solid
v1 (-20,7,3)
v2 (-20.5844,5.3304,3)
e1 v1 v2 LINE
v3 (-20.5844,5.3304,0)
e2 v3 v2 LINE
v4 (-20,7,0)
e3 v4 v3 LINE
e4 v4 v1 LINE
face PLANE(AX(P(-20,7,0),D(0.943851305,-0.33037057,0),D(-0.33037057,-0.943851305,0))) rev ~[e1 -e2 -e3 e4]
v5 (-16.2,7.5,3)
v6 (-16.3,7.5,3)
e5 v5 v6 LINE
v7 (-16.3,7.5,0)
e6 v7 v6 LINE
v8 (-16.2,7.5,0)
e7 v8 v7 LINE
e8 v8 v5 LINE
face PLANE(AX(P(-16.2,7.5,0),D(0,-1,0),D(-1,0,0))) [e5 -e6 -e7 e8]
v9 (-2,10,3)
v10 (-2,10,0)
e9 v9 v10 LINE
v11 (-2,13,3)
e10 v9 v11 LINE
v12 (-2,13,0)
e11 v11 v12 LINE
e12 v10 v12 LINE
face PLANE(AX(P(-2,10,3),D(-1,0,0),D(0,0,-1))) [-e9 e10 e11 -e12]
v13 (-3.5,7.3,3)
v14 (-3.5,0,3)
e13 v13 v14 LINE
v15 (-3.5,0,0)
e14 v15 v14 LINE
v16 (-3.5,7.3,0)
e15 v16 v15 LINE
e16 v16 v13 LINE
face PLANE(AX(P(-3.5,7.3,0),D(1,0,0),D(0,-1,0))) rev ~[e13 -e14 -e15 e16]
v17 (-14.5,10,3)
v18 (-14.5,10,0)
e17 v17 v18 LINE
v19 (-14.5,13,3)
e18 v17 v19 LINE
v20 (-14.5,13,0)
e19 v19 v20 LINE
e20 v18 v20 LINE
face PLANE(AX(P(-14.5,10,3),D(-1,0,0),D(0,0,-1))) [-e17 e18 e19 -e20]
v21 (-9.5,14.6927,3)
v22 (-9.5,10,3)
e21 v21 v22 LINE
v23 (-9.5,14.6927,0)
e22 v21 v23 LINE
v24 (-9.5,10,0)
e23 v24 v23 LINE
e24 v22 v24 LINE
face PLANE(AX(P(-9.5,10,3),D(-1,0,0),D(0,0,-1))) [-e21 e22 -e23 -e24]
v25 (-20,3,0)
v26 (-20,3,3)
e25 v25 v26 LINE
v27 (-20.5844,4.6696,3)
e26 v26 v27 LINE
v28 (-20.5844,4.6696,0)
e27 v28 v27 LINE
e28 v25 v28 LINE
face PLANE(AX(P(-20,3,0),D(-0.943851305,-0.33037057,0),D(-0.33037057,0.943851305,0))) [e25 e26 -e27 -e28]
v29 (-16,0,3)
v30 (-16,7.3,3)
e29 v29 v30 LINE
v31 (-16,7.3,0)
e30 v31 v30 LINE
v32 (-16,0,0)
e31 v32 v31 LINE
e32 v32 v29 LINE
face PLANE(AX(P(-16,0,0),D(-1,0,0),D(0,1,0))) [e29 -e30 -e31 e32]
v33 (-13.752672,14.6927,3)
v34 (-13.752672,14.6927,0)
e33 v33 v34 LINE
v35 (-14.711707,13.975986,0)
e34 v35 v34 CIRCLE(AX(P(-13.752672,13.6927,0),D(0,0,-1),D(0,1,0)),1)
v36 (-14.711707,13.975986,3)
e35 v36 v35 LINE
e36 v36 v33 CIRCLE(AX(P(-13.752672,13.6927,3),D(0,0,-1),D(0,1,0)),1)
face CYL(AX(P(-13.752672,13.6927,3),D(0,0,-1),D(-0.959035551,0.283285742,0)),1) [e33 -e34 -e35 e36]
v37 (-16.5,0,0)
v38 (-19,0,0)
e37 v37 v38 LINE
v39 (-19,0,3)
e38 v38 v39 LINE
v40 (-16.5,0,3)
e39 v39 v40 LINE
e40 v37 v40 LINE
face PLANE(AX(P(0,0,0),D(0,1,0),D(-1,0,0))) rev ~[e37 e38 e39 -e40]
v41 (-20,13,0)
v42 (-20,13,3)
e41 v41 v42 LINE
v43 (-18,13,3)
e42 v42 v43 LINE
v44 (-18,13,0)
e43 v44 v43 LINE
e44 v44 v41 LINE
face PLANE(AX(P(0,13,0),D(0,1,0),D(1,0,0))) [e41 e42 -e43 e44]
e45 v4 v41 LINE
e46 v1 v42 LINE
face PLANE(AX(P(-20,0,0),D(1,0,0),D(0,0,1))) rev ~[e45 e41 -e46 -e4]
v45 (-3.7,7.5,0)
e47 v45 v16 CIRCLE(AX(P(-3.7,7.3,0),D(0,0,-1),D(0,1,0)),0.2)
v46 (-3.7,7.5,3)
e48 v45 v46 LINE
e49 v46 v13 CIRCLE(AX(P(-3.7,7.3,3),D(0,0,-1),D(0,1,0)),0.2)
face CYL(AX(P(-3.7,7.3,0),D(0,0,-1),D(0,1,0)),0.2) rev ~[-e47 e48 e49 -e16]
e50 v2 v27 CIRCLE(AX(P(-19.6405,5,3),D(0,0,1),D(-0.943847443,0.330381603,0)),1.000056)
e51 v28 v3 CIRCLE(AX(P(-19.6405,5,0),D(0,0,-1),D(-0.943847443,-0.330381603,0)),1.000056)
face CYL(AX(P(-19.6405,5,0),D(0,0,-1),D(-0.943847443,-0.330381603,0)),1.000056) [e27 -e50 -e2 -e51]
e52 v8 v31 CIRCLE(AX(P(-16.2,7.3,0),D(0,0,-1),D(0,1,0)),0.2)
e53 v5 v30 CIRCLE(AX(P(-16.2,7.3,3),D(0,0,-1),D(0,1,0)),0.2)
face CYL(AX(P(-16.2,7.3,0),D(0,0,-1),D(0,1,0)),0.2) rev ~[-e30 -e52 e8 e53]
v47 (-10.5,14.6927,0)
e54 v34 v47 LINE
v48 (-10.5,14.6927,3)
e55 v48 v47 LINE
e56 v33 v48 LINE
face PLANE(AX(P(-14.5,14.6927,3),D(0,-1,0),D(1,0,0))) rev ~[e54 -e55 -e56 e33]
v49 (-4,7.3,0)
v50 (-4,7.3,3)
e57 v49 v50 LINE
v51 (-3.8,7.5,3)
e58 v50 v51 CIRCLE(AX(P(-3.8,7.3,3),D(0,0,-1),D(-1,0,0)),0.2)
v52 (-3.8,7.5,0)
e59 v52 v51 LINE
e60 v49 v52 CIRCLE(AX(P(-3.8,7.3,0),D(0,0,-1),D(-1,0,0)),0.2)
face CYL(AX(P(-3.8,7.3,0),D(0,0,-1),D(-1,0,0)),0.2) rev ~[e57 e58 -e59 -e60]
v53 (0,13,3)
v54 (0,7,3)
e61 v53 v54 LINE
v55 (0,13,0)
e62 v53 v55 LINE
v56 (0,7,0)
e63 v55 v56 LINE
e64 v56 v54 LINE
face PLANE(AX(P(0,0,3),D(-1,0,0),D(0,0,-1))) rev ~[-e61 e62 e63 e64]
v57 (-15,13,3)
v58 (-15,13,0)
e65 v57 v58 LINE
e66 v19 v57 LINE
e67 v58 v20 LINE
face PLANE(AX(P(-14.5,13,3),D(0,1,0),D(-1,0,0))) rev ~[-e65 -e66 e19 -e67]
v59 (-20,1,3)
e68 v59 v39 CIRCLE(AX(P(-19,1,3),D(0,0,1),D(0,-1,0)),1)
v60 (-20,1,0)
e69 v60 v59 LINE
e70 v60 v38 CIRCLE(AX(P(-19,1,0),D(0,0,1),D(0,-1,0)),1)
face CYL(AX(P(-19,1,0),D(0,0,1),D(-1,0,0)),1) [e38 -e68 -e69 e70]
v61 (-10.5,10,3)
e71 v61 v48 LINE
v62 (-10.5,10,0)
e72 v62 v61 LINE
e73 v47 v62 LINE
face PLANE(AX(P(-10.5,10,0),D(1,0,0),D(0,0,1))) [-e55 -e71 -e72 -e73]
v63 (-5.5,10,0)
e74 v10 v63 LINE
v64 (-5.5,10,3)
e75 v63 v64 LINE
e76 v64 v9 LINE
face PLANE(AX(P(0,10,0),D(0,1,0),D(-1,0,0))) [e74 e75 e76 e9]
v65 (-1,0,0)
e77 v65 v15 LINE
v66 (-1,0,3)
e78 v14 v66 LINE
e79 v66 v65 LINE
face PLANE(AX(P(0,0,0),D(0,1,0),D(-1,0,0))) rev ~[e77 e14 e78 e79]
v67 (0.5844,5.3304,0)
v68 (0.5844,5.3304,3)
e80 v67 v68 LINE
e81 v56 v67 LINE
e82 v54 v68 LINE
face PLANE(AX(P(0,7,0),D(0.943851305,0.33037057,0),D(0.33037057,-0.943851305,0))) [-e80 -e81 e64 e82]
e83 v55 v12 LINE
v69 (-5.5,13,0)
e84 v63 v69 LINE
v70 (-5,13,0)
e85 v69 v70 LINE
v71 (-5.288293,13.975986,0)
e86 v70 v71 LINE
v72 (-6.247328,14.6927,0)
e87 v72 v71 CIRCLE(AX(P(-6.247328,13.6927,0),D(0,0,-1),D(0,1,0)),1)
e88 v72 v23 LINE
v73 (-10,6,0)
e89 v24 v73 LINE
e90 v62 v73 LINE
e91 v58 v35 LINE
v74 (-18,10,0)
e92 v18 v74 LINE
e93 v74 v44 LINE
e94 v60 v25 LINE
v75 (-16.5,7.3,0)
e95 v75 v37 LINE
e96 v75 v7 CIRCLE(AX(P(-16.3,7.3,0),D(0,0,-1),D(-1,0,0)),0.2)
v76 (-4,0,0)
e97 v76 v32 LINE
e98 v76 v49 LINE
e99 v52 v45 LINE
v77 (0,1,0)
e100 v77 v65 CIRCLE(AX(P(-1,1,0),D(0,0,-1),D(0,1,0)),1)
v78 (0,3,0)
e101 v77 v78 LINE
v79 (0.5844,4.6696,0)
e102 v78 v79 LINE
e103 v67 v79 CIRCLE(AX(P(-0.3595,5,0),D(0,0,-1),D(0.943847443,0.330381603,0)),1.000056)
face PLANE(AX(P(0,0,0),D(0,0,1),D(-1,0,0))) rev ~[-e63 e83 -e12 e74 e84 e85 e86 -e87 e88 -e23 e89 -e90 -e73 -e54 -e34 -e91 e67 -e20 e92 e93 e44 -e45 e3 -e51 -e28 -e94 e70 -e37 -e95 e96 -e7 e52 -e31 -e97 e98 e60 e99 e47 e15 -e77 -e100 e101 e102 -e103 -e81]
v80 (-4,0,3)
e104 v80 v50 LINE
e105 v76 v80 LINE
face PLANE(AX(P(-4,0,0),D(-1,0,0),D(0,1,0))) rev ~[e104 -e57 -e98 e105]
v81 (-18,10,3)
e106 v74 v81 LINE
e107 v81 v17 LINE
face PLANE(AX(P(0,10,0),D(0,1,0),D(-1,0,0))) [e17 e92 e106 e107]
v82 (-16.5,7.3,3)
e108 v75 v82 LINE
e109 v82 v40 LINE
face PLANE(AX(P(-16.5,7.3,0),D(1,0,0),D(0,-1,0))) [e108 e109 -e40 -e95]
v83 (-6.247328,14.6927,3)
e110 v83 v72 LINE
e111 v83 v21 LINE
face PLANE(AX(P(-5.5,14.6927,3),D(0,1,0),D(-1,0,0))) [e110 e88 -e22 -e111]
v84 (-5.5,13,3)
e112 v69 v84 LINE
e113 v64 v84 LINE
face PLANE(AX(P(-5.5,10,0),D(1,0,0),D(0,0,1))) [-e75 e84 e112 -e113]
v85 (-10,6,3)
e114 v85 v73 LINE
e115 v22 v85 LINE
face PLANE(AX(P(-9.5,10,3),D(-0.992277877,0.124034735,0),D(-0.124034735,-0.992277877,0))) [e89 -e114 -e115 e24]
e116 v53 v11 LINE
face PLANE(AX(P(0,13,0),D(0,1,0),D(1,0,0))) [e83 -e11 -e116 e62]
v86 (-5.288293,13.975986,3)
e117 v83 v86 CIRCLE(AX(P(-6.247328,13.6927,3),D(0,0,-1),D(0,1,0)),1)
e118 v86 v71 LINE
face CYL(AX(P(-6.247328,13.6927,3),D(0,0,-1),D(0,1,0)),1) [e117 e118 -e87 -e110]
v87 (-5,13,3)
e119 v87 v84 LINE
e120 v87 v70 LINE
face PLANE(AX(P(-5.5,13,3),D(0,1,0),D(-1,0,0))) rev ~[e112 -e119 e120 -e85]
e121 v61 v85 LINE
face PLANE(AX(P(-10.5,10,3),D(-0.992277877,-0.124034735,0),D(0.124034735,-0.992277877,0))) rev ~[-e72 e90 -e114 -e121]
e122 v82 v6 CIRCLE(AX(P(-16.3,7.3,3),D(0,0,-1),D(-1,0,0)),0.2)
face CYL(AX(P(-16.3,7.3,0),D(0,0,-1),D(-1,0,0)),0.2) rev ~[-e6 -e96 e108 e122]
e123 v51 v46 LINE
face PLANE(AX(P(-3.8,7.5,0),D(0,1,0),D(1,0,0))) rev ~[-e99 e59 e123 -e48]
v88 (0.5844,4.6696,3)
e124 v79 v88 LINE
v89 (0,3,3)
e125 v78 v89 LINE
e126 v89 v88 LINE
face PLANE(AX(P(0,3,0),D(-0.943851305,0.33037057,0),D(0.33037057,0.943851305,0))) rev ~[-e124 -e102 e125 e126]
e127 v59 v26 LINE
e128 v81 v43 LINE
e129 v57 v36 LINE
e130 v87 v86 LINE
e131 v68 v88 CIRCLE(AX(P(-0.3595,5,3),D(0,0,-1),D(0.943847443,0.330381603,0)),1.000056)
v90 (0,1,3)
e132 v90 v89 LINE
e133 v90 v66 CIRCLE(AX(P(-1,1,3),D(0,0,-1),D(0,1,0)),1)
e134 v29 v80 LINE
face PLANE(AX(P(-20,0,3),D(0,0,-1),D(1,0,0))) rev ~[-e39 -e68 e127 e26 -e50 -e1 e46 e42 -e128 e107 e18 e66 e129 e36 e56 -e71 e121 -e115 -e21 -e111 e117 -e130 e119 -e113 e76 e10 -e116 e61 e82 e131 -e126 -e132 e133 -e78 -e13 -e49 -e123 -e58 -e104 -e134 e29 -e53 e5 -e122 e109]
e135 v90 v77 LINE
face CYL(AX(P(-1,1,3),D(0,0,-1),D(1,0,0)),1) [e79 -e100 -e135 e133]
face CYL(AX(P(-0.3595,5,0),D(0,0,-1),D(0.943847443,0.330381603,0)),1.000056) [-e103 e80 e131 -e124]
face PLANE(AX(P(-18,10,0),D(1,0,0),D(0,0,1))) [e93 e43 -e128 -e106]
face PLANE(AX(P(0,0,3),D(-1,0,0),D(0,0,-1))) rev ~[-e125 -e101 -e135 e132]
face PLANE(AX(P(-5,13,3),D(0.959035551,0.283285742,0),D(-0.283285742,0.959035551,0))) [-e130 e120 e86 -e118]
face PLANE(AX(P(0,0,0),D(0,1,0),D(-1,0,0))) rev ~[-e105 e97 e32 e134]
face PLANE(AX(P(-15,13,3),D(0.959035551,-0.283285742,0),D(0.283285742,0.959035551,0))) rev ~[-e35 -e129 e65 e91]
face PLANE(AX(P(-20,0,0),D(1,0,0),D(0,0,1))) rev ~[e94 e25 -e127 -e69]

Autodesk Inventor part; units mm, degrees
ref_plane "YZ Plane" through (0, 0, 0) normal (1, 0, 0) x (0, 1, 0)
ref_plane "XZ Plane" through (0, 0, 0) normal (0, 1, 0) x (-1, 0, 0)
ref_plane "XY Plane" through (0, 0, 0) normal (0, 0, 1) x (1, 0, 0)
sketch "Sketch1" plane through (0, 0, 0) normal (0, 1, 0) x (-1, 0, 0)
  line L0 (0, 0) -> (20, 0)
  line L1 (20, 0) -> (20, 3)
  line L2 (20, 3) -> (0, 3)
  line L3 (0, 3) -> (0, 0)
  dimension "d0" = 20
  dimension "d1" = 3
extrude "Extrusion1" add sketch "Sketch1" along normal blind 10
sketch "Sketch2" plane through (0, 10, 0) normal (0, 1, 0) x (1, 0, 0)
  line L0 (-20, 0) -> (-20, -3) projected
  line L1 (0, 0) -> (-20, 0) projected
  line L2 (-20, -3) -> (0, -3) projected
  line L3 (0, -3) -> (0, 0) projected
  line L4 (-14.5, 0) -> (-10.5, 0)
  line L5 (-10.5, 0) -> (-10.5, -3)
  line L6 (-10.5, -3) -> (-14.5, -3)
  line L7 (-14.5, -3) -> (-14.5, 0)
  line L8 (-9.5, 0) -> (-5.5, 0)
  line L9 (-5.5, 0) -> (-5.5, -3)
  line L10 (-5.5, -3) -> (-9.5, -3)
  line L11 (-9.5, -3) -> (-9.5, 0)
  line L12 (-10, 1.8071) -> (-10, -4.5751) construction
  dimension "d26" = 20
  dimension "d27" = 4
  dimension "d28" = 4
  dimension "d45" = 1
  dimension "d46" = 10
  dimension "d47" = 0.5
extrude "Extrusion2" add sketch "Sketch2" along normal blind 3 contours L1 L5 L2 L7 | L1 L9 L2 L11
sketch "Sketch5" plane through (0, 0, 0) normal (0, 0, -1) x (-1, 0, 0)
  line L0 (0, 0) -> (20, 0) projected
  line L1 (9.5, 10) -> (10.5, 10) projected
  line L2 (16.2, 7.5) -> (16.3, 7.5)
  line L3 (16.5, 7.3) -> (16.5, 0)
  line L4 (16.5, 0) -> (16, 0)
  line L5 (16, 0) -> (16, 7.3)
  line L6 (10, 10) -> (10, 0) construction
  arc A0 (16.2, 7.5) -> (16, 7.3) centre (16.2, 7.3) ccw
  arc A1 (16.5, 7.3) -> (16.3, 7.5) centre (16.3, 7.3) ccw
  line L7 (3.8, 7.5) -> (3.7, 7.5)
  line L8 (3.5, 7.3) -> (3.5, 0)
  line L9 (3.5, 0) -> (4, 0)
  line L10 (4, 0) -> (4, 7.3)
  arc A2 (4, 7.3) -> (3.8, 7.5) centre (3.8, 7.3) ccw
  arc A3 (3.7, 7.5) -> (3.5, 7.3) centre (3.7, 7.3) ccw
  point P0 (16.5, 7.5)
  point P1 (3.5, 7.5)
  dimension "d61" = 0.5
  dimension "d62" = 7.5
  dimension "d63" = 6
  dimension "d64" = 0.2
extrude "Extrusion5" cut sketch "Sketch5" against normal blind 3
sketch "Sketch6" plane through (-20, 0, 0) normal (0, 0, -1) x (-1, 0, 0)
  line L0 (0, 0) -> (0, 10) projected
  line L1 (-5.5, 10) -> (0, 10) projected
  line L2 (-10.5, 10) -> (-9.5, 10) projected
  line L3 (-2.75, 10) -> (-2.75, 5) construction
  line L4 (-2.75, 5) -> (0, 5) construction
  line L5 (0, 5) -> (0.7, 5)
  line L6 (0, 5) -> (0, 7)
  line L7 (0, 7) -> (0.5844, 5.3304)
  line L8 (0, 5) -> (0, 3)
  line L9 (0, 3) -> (0.5844, 4.6696)
  arc A0 (0.5844, 4.6696) -> (0.5844, 5.3304) centre (-0.3595, 5) ccw
  line L10 (-16.5, 0) -> (-16.5, 7.3) projected
  line L11 (-16, 7.3) -> (-16, 0) projected
  line L12 (-10, 10) -> (-10, 0) construction
  line L13 (-20, 5) -> (-20, 7)
  line L14 (-20, 7) -> (-20.5844, 5.3304)
  line L15 (-20, 5) -> (-20, 3)
  line L16 (-20, 3) -> (-20.5844, 4.6696)
  arc A1 (-20.5844, 5.3304) -> (-20.5844, 4.6696) centre (-19.6405, 5) ccw
  dimension "d36" = 5
  dimension "d37" = 0.7
  dimension "d38" = 2
  dimension "d39" = 2
  dimension "d40" = 1
extrude "Extrusion6" add sketch "Sketch6" against normal blind 3
sketch "Sketch7" plane through (-5.5, 10, 3) normal (0, 0, 1) x (1, 0, 0)
  line L0 (-5, 0) -> (-4, 0) projected
  line L1 (-9, 3) -> (-5, 3) projected
  line L2 (-9, 0) -> (-9, 3) projected
  line L3 (-14.5, -10) -> (-11, -10) projected
  line L4 (-9, 3) -> (-9.5, 3)
  line L5 (-9.5, 3) -> (-9, 4.6927)
  line L6 (-9, 4.6927) -> (-5, 4.6927)
  line L7 (-5, 4.6927) -> (-5, 3)
  line L8 (-4.5, 0) -> (-4.5, 8.186) construction
  line L9 (0, 3) -> (-4, 3)
  line L10 (0, 3) -> (0.5, 3)
  line L11 (0.5, 3) -> (0, 4.6927)
  line L12 (0, 4.6927) -> (-4, 4.6927)
  line L13 (-4, 4.6927) -> (-4, 3)
  line L14 (-4.5, 0) -> (-4.5, -4) construction
  line L15 (-5, 0) -> (-4.5, -4)
  line L16 (-4, 0) -> (-4.5, -4)
  point P0 (-9, -10)
  dimension "d48" = 0.5
  dimension "d49" = 4
extrude "Extrusion7" add sketch "Sketch7" against normal blind 3 contours L4 L5 L6 L7 L1 | L9 L13 L12 L11 L10
extrude "Extrusion8" cut sketch "Sketch7" against normal blind 3 contours L0 L16 L15
fillet "Fillet1" radius 1 2 edges at (-5.5, 14.6927, 1.5) (-14.5, 14.6927, 1.5)
sketch "Sketch8" plane through (0, 10, 0) normal (0, 1, 0) x (1, 0, 0)
  line L0 (0, -3) -> (0, 0) projected
  line L1 (0, 0) -> (-5.5, 0) projected
  line L2 (-14.5, -3) -> (-14.5, 0) projected
  line L3 (-14.5, 0) -> (-20, 0) projected
  line L4 (-20, 0) -> (-20, -3) projected
  line L5 (-20, -3) -> (-14.5, -3) projected
  line L6 (-20, 0) -> (-18, 0)
  line L7 (-18, 0) -> (-18, -3)
  line L8 (-18, -3) -> (-20, -3)
  line L9 (-20, -3) -> (-20, 0)
  line L10 (-20, 0) -> (-20, -3) projected
  line L11 (-14.5, 0) -> (-20, 0) projected
  line L12 (-2, 0) -> (0, 0)
  line L13 (0, 0) -> (0, -3)
  line L14 (0, -3) -> (-2, -3)
  line L15 (-2, -3) -> (-2, 0)
  dimension "d55" = 2
  dimension "d56" = 3
  dimension "d57" = 2
  dimension "d58" = 3
extrude "Extrusion9" add sketch "Sketch8" along normal blind 3 contours L14 L15 L1 L0 | L5 L4 L3 L7
fillet "Fillet2" radius 1 2 edges at (0, 0, 1.5) (-20, 0, 1.5)
equation "\"d28\" = d27"
equation "\"d46\" = 0.5 * d26"
equation "\"d47\" = 0.5 * d45"
equation "\"d39\" = d38"
properties part number "pressfit1press" material "Glass"
